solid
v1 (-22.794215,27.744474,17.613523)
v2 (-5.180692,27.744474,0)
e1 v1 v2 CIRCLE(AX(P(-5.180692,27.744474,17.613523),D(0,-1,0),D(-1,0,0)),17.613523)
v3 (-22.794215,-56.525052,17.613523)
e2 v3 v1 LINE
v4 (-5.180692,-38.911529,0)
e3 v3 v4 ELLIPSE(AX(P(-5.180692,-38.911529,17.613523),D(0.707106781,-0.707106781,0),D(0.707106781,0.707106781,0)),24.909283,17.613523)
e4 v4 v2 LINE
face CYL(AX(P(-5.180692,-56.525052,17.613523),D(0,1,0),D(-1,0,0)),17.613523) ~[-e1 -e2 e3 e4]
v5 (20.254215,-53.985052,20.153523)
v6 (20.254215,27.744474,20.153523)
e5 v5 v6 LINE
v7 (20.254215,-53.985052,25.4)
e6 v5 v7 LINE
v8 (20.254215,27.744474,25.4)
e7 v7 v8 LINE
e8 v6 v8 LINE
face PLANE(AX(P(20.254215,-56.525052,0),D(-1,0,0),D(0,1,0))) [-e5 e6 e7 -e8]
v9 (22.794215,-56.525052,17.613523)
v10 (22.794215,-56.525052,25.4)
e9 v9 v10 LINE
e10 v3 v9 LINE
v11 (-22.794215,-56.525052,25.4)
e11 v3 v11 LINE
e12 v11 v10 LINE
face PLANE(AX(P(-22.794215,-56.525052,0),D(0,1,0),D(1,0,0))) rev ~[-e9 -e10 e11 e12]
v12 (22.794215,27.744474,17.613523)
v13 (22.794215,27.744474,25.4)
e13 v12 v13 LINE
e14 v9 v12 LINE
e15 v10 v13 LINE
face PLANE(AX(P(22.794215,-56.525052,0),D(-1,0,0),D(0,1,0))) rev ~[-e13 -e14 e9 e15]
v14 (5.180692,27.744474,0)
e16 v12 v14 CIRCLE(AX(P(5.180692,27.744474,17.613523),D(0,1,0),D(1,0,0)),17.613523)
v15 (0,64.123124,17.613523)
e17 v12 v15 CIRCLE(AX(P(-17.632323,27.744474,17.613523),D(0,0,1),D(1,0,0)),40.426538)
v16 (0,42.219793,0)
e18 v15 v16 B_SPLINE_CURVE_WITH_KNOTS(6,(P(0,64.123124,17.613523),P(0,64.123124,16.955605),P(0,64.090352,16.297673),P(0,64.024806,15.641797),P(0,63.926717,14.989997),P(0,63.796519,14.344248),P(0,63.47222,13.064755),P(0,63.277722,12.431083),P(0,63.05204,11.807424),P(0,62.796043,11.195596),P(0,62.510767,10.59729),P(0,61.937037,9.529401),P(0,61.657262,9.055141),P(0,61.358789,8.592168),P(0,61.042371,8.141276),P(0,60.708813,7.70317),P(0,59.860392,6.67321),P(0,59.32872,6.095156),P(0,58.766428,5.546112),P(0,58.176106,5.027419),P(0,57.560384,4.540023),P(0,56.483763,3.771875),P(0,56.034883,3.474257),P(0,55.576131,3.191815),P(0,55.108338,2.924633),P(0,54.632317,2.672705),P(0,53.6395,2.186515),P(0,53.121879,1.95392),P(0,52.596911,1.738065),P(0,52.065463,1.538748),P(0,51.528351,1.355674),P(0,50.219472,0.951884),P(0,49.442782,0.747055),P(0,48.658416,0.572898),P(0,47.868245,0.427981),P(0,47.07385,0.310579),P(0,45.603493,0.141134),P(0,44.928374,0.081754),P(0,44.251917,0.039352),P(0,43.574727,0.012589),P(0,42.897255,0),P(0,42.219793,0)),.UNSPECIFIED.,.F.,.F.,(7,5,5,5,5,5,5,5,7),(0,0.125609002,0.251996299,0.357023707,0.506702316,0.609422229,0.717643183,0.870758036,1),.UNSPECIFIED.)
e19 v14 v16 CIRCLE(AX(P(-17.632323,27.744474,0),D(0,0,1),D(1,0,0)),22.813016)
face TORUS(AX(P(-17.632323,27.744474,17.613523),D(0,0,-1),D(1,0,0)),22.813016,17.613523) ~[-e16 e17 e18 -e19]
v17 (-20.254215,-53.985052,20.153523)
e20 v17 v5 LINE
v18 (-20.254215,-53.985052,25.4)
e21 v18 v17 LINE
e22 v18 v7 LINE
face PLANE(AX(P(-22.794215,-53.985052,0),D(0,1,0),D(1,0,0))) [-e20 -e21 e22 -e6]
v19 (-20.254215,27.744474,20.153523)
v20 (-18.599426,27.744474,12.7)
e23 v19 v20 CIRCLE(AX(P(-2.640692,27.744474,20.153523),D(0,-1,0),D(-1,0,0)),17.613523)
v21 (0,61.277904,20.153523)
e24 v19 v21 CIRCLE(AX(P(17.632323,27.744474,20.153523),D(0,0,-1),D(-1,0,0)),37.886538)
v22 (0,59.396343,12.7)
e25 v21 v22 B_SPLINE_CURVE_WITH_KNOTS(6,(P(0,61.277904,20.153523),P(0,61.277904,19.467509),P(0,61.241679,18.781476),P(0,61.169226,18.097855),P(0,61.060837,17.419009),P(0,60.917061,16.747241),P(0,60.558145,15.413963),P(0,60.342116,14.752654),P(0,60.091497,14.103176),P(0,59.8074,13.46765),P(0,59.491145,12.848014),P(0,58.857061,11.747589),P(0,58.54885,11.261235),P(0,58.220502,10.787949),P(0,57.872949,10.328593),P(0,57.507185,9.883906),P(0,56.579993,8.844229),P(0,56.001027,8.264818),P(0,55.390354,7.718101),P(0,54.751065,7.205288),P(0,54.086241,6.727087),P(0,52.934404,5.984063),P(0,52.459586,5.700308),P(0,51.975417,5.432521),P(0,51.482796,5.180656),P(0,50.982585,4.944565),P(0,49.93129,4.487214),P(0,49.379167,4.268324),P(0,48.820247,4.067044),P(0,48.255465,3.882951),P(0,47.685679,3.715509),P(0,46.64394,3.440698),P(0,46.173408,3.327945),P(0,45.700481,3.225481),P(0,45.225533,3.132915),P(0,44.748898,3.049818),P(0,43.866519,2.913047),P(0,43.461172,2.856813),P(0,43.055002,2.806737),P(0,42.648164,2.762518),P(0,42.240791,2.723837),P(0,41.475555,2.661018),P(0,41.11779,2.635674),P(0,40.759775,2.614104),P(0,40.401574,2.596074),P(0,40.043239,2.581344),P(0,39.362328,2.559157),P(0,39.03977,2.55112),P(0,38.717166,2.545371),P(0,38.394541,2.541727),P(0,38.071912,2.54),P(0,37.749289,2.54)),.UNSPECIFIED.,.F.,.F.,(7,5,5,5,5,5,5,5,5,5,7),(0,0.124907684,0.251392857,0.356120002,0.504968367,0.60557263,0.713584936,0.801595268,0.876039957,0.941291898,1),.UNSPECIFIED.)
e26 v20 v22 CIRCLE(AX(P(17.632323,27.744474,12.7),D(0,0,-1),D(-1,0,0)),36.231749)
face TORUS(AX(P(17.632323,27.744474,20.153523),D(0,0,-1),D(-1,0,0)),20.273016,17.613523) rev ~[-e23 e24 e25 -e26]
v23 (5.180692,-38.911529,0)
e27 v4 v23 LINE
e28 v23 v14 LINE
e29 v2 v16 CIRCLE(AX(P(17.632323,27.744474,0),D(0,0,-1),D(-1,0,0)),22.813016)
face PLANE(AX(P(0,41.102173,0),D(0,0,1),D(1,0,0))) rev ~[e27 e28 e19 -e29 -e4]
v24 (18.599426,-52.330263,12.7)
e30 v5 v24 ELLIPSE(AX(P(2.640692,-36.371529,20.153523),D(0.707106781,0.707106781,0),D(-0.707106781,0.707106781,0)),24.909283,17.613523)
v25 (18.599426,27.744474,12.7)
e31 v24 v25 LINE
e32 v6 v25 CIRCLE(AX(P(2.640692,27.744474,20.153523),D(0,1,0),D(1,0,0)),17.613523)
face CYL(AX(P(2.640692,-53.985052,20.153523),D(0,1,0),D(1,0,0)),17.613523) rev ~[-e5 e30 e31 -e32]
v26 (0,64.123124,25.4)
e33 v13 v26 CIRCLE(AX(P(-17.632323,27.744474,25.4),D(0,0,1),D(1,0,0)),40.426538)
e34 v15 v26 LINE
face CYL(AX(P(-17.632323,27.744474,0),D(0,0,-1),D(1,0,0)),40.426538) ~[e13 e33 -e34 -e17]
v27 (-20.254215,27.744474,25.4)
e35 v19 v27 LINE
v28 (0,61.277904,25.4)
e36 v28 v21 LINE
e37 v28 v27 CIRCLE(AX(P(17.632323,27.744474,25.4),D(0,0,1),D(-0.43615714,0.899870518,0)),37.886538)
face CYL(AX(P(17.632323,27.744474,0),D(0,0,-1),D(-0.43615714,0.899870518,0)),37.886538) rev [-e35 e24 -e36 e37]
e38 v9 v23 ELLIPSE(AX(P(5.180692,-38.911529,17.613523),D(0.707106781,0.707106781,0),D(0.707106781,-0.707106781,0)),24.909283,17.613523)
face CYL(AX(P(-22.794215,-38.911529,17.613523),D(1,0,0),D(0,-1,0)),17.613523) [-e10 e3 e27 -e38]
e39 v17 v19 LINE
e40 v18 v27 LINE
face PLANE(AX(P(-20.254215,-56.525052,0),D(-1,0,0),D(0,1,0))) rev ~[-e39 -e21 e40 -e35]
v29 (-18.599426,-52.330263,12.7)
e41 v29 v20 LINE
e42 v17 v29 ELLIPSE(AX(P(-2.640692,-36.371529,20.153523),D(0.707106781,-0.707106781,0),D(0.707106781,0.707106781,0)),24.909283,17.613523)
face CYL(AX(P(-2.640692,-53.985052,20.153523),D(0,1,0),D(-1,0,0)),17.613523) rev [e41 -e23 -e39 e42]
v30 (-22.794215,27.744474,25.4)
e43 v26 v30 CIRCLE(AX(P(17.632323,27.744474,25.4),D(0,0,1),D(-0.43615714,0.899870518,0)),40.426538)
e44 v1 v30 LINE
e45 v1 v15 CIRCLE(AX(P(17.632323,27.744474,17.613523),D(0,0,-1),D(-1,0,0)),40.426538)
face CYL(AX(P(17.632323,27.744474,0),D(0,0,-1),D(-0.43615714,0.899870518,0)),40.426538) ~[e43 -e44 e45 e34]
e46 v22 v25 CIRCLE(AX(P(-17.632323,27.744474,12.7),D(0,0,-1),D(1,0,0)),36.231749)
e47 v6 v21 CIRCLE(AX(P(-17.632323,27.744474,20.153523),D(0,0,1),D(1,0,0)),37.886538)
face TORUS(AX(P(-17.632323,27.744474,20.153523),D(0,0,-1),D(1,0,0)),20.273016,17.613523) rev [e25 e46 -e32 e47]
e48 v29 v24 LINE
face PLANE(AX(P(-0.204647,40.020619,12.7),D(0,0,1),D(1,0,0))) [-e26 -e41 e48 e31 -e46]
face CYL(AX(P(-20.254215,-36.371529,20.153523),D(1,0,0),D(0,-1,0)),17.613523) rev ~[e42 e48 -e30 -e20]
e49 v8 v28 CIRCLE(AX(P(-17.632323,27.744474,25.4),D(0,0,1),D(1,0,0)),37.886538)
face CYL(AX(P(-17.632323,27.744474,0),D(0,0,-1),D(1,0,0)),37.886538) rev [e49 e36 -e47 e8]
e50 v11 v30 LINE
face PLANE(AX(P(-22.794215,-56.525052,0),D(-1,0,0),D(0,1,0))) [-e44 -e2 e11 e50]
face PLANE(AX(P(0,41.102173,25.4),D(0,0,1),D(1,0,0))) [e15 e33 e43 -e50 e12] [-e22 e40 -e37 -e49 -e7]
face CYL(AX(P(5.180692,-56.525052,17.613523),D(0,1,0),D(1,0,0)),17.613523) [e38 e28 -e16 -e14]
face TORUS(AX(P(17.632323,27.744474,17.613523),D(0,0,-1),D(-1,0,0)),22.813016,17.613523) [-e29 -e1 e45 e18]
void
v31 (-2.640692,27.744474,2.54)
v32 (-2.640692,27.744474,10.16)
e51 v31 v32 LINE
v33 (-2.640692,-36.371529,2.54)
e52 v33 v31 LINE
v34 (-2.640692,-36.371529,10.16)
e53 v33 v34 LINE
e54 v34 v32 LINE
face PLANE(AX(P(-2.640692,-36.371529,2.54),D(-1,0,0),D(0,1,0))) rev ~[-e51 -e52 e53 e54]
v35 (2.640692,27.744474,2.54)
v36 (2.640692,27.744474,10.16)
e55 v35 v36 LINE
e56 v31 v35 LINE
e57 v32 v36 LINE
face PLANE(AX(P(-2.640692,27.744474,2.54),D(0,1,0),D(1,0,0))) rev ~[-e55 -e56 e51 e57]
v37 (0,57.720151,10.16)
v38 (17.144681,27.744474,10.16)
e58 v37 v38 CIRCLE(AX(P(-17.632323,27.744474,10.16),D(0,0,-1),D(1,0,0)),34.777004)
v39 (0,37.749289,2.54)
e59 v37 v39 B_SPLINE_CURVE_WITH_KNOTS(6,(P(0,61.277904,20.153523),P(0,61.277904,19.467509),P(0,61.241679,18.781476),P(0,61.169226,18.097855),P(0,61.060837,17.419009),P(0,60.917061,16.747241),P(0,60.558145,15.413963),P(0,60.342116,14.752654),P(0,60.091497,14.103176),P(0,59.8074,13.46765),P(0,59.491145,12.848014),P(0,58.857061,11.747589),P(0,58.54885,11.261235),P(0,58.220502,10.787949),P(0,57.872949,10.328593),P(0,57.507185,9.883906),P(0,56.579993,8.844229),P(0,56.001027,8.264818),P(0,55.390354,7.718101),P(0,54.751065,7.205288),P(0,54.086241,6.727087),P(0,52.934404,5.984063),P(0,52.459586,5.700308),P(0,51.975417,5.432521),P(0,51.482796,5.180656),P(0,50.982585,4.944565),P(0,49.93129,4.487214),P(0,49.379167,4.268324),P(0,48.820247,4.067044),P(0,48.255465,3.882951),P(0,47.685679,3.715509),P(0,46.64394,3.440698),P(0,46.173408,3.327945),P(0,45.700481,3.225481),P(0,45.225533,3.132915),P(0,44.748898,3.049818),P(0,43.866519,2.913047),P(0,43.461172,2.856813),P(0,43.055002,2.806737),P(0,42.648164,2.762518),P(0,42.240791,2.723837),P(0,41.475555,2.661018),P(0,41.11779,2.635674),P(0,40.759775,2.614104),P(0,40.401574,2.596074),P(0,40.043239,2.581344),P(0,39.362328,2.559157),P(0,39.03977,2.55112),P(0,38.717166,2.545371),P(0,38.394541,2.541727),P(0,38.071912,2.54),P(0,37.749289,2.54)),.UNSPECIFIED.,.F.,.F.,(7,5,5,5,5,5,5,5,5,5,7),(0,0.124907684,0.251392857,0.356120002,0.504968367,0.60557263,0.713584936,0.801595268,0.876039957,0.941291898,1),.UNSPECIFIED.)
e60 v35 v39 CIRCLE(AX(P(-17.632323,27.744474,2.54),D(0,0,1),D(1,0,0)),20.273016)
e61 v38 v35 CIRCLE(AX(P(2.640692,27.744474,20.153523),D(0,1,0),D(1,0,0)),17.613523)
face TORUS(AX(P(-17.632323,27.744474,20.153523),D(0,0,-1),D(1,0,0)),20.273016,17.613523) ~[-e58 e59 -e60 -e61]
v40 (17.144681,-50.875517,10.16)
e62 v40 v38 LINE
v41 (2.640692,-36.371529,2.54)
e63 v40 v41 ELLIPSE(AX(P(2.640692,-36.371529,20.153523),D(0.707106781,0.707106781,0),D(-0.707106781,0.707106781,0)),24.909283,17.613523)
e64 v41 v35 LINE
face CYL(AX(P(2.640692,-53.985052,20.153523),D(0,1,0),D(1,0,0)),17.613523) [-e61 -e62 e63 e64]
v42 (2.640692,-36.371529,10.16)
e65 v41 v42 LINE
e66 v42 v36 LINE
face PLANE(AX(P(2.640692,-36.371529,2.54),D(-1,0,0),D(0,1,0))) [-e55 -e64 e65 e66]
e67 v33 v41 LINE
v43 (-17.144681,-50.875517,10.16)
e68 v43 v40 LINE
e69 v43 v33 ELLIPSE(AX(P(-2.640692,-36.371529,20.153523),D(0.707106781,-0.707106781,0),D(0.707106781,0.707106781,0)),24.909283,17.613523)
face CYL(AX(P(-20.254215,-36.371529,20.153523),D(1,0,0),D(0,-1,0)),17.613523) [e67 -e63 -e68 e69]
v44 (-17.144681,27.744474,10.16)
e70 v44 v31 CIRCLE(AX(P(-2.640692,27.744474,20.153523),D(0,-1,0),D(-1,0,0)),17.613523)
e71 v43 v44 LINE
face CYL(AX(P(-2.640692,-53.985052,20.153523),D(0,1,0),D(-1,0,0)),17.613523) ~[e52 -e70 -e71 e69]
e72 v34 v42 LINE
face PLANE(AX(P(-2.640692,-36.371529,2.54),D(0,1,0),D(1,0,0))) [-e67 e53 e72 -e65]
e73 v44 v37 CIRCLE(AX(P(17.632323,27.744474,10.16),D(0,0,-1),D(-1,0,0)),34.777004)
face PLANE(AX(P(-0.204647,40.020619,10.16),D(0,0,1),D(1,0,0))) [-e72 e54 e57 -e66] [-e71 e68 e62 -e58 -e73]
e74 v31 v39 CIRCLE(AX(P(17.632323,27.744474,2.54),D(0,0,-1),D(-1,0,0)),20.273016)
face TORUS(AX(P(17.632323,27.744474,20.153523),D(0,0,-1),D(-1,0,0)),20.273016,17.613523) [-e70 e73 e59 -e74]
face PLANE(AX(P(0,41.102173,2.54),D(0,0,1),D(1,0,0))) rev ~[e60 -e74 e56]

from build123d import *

# Parameters (mm, degrees)
F0_W     = 45.5884300172
F0_H     = 84.2695254833
F1_DEPTH = 25.4
F2_T     = -2.54
F3_R     = 17.6135227398
F4_W     = 5.2813845376
F4_H     = 64.1160027434
F5_DEPTH = 7.62
F6_W     = 40.5230503529
F6_H     = 81.5065950155
F7_DEPTH = 2.54


with BuildPart() as f1:
    # F0 (on Top) → F1 (new body)
    with BuildSketch(Plane.XY):
        with BuildLine():
            Line((-22.7942150086, 27.7444738895), (22.7942150086, 27.7444738895))
            ThreePointArc((22.7942150086, 27.7444738895), (16.6249298955, 49.2094594083), (0, 64.1231238842))
            ThreePointArc((0, 64.1231238842), (-16.6249298955, 49.2094594083), (-22.7942150086, 27.7444738895))
        make_face()
        with Locations((0, -14.3902888522)):
            Rectangle(F0_W, F0_H)
    extrude(amount=F1_DEPTH)

    # F2
    f2_openings = [f1.faces().sort_by_distance(p)[0] for p in [
        (0, -1.046307, 25.4),
    ]]
    offset(amount=F2_T, openings=f2_openings)

    # F3
    f3_edges = [f1.edges().sort_by_distance(p)[0] for p in [
        (-22.794215, -14.390289, 0),
        (-16.62493, 49.209459, 0),
        (20.254215, -13.120289, 2.54),
        (14.797736, 47.332252, 2.54),
        (-20.254215, -13.120289, 2.54),
        (-14.797736, 47.332252, 2.54),
        (0, -56.525052, 0),
        (0, -53.985052, 2.54),
        (22.794215, -14.390289, 0),
        (16.62493, 49.209459, 0),
    ]]
    fillet(f3_edges, radius=F3_R)

    # F4 (on face) → F5 (join)
    with BuildSketch(Plane.XY.offset(2.54)):
        with Locations((0, -4.3135274822)):
            Rectangle(F4_W, F4_H)
    extrude(amount=F5_DEPTH)

    # F6 (on face) → F7 (join)
    with BuildSketch(Plane.XY.offset(10.16)):
        with BuildLine():
            ThreePointArc((0, 61.1299425364), (-14.9602203886, 47.3308358732), (-20.4917695373, 27.7444757521))
            Line((-20.4917695373, 27.7444757521), (20.0312808156, 27.7444757521))
            ThreePointArc((20.0312808156, 27.7444757521), (14.639260036, 47.2113810244), (0, 61.1299425364))
        make_face()
        with Locations((-0.2302443609, -13.0088217556)):
            Rectangle(F6_W, F6_H)
    extrude(amount=F7_DEPTH)


solid = f1.part
